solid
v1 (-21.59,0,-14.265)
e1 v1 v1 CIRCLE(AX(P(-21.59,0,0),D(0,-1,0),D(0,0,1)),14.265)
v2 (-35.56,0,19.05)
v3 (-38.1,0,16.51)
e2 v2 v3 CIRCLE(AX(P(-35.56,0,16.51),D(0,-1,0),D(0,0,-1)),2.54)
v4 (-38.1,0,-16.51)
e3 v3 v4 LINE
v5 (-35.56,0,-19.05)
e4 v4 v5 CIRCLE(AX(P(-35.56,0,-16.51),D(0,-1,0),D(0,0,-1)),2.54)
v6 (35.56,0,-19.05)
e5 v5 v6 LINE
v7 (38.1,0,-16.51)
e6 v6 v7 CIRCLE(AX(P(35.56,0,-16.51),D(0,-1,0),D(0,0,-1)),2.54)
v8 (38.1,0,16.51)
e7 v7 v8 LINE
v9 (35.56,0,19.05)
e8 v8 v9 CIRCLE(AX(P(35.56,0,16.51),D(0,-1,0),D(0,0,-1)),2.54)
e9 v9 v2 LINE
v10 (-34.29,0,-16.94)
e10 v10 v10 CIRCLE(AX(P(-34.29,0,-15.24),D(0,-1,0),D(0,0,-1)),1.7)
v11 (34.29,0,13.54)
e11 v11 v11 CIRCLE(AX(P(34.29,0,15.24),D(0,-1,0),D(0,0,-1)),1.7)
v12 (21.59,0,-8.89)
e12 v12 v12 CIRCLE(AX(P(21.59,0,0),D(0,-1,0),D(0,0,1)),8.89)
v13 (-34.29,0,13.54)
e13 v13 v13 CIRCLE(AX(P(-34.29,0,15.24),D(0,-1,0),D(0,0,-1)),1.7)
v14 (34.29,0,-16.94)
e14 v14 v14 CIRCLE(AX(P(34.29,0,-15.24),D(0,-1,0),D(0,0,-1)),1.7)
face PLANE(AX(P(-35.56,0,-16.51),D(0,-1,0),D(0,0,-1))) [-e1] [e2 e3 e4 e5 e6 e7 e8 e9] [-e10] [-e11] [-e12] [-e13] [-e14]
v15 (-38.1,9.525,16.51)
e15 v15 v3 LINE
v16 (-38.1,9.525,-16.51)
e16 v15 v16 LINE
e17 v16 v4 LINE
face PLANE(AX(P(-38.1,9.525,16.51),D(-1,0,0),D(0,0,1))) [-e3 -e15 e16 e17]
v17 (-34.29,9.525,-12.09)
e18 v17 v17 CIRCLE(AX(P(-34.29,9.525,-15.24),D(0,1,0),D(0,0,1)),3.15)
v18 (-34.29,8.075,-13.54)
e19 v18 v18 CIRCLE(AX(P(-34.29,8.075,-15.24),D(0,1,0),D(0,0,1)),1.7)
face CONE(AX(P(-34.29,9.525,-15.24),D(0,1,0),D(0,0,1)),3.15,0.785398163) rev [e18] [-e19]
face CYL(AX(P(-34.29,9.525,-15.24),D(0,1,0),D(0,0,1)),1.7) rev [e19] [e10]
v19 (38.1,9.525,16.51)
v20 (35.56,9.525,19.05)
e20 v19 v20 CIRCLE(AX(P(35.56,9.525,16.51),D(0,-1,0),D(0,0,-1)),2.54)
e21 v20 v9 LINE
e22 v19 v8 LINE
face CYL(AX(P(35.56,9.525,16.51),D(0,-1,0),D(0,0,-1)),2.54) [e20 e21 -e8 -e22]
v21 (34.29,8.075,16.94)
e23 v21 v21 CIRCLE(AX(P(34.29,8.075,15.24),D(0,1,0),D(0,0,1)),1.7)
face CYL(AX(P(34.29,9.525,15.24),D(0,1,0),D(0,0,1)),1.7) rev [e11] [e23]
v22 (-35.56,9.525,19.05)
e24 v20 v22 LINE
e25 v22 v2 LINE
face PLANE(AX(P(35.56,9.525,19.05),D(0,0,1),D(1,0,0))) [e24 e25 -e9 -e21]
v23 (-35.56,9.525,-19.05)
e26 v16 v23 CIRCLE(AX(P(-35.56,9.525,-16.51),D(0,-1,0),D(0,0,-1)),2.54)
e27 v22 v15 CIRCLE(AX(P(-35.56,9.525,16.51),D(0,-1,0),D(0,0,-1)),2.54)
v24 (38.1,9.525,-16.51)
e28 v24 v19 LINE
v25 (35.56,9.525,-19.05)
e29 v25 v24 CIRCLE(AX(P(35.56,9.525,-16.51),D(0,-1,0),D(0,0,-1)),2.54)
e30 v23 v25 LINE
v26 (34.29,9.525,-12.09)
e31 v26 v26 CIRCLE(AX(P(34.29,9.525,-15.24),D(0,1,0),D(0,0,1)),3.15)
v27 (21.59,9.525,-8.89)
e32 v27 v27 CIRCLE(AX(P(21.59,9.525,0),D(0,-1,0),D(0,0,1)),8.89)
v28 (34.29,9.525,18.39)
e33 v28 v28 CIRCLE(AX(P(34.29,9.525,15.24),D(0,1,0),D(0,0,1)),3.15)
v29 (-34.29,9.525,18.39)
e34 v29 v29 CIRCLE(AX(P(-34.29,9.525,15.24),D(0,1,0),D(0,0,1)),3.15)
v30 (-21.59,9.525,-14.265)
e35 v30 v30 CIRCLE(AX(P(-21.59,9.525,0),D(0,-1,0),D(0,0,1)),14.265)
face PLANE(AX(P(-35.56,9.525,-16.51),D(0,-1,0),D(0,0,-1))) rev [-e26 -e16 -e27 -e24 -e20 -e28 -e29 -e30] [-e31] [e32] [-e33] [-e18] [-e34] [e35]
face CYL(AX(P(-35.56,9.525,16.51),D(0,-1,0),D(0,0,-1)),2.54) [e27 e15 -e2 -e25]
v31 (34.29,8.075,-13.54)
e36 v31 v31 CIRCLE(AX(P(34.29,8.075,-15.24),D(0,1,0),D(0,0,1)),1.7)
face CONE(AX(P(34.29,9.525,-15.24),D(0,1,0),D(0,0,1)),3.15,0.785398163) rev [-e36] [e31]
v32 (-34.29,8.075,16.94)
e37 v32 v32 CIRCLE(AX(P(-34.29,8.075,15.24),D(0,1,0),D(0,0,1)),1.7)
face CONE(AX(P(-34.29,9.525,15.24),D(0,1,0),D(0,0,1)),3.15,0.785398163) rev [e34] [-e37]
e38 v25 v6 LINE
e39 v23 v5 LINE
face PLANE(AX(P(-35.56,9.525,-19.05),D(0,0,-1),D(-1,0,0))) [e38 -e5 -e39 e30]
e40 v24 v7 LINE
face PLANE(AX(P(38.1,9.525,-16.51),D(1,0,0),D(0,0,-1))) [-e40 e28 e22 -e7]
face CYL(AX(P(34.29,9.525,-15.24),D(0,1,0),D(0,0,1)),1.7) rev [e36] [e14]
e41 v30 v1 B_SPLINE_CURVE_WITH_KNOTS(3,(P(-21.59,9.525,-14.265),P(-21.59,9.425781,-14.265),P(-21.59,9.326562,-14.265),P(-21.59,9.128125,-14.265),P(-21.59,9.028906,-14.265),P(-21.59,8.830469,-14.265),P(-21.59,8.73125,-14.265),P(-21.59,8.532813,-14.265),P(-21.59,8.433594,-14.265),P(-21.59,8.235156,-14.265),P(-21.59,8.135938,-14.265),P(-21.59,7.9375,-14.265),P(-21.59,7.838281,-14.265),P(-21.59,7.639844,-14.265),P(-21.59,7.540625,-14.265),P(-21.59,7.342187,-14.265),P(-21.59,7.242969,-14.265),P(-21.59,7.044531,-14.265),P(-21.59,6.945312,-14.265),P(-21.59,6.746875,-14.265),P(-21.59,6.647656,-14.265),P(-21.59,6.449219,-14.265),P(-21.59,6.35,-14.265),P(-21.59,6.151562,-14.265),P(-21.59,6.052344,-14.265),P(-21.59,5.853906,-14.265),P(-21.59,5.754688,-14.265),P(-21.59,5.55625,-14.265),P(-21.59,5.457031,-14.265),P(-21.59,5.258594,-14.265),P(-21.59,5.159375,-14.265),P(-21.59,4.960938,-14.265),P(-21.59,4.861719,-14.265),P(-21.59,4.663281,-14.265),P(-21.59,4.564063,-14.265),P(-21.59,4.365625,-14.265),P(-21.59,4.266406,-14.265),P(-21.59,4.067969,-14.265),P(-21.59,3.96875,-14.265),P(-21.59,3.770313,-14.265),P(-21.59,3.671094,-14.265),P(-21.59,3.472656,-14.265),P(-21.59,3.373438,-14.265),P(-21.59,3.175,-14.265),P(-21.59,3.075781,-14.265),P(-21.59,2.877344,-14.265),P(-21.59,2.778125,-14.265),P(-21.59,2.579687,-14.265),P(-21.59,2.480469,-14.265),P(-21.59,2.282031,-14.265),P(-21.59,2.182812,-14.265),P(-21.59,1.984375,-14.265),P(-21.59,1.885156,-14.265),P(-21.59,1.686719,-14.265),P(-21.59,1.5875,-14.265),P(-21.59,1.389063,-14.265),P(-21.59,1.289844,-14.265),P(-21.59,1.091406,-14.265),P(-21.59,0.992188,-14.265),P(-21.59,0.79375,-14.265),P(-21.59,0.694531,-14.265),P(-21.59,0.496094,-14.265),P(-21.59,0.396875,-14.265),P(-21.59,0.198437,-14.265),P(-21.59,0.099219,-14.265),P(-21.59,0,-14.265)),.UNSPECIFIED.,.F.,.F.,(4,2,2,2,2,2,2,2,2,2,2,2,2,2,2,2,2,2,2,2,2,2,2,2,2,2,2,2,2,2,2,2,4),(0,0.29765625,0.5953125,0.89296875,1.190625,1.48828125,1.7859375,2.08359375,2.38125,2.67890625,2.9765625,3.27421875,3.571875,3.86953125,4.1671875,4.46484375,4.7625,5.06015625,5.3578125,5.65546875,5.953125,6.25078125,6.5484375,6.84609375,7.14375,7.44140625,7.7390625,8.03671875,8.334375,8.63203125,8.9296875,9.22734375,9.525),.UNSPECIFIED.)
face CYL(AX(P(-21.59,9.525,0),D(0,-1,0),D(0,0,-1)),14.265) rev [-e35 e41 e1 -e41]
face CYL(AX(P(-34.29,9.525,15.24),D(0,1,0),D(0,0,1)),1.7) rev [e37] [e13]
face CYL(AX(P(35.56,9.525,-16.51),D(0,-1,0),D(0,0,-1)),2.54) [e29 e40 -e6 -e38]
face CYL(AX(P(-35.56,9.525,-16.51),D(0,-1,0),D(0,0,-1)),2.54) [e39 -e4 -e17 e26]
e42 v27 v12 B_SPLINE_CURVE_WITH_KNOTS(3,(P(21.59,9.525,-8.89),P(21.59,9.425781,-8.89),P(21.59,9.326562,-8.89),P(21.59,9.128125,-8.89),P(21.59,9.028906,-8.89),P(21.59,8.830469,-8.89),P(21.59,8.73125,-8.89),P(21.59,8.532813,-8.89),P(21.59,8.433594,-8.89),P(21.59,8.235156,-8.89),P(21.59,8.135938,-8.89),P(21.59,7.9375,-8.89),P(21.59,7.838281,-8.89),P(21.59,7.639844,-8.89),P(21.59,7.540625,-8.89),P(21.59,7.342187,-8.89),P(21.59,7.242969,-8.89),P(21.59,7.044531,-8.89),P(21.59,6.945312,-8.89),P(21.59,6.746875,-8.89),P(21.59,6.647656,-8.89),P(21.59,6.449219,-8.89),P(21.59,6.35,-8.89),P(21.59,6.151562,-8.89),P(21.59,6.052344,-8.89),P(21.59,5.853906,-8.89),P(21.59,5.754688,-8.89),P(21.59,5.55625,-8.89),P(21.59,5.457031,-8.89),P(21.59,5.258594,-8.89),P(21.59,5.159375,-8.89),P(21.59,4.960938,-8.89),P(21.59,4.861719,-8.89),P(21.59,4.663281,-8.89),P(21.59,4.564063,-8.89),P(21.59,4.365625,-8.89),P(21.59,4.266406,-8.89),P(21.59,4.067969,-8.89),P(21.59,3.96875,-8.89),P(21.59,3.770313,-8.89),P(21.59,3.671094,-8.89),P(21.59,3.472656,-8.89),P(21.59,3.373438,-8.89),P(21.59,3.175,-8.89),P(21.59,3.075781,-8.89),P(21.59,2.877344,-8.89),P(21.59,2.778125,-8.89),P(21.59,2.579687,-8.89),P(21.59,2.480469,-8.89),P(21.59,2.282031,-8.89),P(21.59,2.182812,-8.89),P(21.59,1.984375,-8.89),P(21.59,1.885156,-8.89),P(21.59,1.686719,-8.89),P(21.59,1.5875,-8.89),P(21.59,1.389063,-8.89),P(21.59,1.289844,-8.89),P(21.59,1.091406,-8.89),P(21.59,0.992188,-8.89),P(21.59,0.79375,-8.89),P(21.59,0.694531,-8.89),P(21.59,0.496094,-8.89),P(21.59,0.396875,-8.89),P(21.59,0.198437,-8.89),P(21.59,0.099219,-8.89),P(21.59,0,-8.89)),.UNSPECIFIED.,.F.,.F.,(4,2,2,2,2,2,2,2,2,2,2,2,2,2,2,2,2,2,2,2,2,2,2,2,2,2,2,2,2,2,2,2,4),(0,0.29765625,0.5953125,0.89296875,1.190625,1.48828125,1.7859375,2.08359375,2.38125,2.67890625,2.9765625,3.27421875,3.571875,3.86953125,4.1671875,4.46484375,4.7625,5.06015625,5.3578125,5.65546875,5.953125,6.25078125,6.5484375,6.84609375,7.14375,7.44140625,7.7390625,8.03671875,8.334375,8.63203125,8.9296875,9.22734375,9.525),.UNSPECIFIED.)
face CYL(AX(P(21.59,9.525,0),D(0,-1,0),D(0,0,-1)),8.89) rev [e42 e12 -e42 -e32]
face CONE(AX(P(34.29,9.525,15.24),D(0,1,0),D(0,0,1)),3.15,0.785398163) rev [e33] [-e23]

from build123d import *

# Parameters (mm, degrees)
SKETCH1_R                                       = 8.89
SKETCH1_R_2                                     = 14.265
BOSS_EXTRUDE1_DEPTH                             = 9.525
CSK_FOR_M3_FLAT_HEAD_MACHINE_SCREW1_D           = 3.4
CSK_FOR_M3_FLAT_HEAD_MACHINE_SCREW1_DEPTH       = 9.99998
CSK_FOR_M3_FLAT_HEAD_MACHINE_SCREW1_CSINK_D     = 6.3
CSK_FOR_M3_FLAT_HEAD_MACHINE_SCREW1_CSINK_ANGLE = 90
CSK_FOR_M3_FLAT_HEAD_MACHINE_SCREW1_TIP         = 1.021463052


with BuildPart() as part:
    # Sketch1 → Boss-Extrude1 (new body)
    with BuildSketch(Plane.XZ):
        with BuildLine():
            Line((-35.56, -19.05), (35.56, -19.05))
            ThreePointArc((35.56, -19.05), (37.356051224, -18.306051224), (38.1, -16.51))
            Line((38.1, -16.51), (38.1, 16.51))
            ThreePointArc((38.1, 16.51), (37.356051224, 18.306051224), (35.56, 19.05))
            Line((35.56, 19.05), (-35.56, 19.05))
            ThreePointArc((-35.56, 19.05), (-37.356051224, 18.306051224), (-38.1, 16.51))
            Line((-38.1, 16.51), (-38.1, -16.51))
            ThreePointArc((-38.1, -16.51), (-37.356051224, -18.306051224), (-35.56, -19.05))
        make_face()
        with Locations(Location((21.59, 0, 0), (0, 0, 270))):
            Circle(SKETCH1_R, mode=Mode.SUBTRACT)
        with Locations(Location((-21.59, 0, 0), (0, 0, 270))):
            Circle(SKETCH1_R_2, mode=Mode.SUBTRACT)
    extrude(amount=-BOSS_EXTRUDE1_DEPTH)

    # CSK for M3 Flat Head Machine Screw1
    with Locations(Plane(origin=(0, 9.525, 0), x_dir=(1, 0, 0), z_dir=(0, 1, 0))):
        with Locations((-34.29, 15.24), (-34.29, -15.24), (34.29, -15.24), (34.29, 15.24)):
            CounterSinkHole(CSK_FOR_M3_FLAT_HEAD_MACHINE_SCREW1_D / 2, CSK_FOR_M3_FLAT_HEAD_MACHINE_SCREW1_CSINK_D / 2, depth=CSK_FOR_M3_FLAT_HEAD_MACHINE_SCREW1_DEPTH, counter_sink_angle=CSK_FOR_M3_FLAT_HEAD_MACHINE_SCREW1_CSINK_ANGLE)
            with Locations((0, 0, -(CSK_FOR_M3_FLAT_HEAD_MACHINE_SCREW1_DEPTH + CSK_FOR_M3_FLAT_HEAD_MACHINE_SCREW1_TIP / 2))):  # 118° drill point
                Cone(0, CSK_FOR_M3_FLAT_HEAD_MACHINE_SCREW1_D / 2, CSK_FOR_M3_FLAT_HEAD_MACHINE_SCREW1_TIP, mode=Mode.SUBTRACT)


solid = part.part
